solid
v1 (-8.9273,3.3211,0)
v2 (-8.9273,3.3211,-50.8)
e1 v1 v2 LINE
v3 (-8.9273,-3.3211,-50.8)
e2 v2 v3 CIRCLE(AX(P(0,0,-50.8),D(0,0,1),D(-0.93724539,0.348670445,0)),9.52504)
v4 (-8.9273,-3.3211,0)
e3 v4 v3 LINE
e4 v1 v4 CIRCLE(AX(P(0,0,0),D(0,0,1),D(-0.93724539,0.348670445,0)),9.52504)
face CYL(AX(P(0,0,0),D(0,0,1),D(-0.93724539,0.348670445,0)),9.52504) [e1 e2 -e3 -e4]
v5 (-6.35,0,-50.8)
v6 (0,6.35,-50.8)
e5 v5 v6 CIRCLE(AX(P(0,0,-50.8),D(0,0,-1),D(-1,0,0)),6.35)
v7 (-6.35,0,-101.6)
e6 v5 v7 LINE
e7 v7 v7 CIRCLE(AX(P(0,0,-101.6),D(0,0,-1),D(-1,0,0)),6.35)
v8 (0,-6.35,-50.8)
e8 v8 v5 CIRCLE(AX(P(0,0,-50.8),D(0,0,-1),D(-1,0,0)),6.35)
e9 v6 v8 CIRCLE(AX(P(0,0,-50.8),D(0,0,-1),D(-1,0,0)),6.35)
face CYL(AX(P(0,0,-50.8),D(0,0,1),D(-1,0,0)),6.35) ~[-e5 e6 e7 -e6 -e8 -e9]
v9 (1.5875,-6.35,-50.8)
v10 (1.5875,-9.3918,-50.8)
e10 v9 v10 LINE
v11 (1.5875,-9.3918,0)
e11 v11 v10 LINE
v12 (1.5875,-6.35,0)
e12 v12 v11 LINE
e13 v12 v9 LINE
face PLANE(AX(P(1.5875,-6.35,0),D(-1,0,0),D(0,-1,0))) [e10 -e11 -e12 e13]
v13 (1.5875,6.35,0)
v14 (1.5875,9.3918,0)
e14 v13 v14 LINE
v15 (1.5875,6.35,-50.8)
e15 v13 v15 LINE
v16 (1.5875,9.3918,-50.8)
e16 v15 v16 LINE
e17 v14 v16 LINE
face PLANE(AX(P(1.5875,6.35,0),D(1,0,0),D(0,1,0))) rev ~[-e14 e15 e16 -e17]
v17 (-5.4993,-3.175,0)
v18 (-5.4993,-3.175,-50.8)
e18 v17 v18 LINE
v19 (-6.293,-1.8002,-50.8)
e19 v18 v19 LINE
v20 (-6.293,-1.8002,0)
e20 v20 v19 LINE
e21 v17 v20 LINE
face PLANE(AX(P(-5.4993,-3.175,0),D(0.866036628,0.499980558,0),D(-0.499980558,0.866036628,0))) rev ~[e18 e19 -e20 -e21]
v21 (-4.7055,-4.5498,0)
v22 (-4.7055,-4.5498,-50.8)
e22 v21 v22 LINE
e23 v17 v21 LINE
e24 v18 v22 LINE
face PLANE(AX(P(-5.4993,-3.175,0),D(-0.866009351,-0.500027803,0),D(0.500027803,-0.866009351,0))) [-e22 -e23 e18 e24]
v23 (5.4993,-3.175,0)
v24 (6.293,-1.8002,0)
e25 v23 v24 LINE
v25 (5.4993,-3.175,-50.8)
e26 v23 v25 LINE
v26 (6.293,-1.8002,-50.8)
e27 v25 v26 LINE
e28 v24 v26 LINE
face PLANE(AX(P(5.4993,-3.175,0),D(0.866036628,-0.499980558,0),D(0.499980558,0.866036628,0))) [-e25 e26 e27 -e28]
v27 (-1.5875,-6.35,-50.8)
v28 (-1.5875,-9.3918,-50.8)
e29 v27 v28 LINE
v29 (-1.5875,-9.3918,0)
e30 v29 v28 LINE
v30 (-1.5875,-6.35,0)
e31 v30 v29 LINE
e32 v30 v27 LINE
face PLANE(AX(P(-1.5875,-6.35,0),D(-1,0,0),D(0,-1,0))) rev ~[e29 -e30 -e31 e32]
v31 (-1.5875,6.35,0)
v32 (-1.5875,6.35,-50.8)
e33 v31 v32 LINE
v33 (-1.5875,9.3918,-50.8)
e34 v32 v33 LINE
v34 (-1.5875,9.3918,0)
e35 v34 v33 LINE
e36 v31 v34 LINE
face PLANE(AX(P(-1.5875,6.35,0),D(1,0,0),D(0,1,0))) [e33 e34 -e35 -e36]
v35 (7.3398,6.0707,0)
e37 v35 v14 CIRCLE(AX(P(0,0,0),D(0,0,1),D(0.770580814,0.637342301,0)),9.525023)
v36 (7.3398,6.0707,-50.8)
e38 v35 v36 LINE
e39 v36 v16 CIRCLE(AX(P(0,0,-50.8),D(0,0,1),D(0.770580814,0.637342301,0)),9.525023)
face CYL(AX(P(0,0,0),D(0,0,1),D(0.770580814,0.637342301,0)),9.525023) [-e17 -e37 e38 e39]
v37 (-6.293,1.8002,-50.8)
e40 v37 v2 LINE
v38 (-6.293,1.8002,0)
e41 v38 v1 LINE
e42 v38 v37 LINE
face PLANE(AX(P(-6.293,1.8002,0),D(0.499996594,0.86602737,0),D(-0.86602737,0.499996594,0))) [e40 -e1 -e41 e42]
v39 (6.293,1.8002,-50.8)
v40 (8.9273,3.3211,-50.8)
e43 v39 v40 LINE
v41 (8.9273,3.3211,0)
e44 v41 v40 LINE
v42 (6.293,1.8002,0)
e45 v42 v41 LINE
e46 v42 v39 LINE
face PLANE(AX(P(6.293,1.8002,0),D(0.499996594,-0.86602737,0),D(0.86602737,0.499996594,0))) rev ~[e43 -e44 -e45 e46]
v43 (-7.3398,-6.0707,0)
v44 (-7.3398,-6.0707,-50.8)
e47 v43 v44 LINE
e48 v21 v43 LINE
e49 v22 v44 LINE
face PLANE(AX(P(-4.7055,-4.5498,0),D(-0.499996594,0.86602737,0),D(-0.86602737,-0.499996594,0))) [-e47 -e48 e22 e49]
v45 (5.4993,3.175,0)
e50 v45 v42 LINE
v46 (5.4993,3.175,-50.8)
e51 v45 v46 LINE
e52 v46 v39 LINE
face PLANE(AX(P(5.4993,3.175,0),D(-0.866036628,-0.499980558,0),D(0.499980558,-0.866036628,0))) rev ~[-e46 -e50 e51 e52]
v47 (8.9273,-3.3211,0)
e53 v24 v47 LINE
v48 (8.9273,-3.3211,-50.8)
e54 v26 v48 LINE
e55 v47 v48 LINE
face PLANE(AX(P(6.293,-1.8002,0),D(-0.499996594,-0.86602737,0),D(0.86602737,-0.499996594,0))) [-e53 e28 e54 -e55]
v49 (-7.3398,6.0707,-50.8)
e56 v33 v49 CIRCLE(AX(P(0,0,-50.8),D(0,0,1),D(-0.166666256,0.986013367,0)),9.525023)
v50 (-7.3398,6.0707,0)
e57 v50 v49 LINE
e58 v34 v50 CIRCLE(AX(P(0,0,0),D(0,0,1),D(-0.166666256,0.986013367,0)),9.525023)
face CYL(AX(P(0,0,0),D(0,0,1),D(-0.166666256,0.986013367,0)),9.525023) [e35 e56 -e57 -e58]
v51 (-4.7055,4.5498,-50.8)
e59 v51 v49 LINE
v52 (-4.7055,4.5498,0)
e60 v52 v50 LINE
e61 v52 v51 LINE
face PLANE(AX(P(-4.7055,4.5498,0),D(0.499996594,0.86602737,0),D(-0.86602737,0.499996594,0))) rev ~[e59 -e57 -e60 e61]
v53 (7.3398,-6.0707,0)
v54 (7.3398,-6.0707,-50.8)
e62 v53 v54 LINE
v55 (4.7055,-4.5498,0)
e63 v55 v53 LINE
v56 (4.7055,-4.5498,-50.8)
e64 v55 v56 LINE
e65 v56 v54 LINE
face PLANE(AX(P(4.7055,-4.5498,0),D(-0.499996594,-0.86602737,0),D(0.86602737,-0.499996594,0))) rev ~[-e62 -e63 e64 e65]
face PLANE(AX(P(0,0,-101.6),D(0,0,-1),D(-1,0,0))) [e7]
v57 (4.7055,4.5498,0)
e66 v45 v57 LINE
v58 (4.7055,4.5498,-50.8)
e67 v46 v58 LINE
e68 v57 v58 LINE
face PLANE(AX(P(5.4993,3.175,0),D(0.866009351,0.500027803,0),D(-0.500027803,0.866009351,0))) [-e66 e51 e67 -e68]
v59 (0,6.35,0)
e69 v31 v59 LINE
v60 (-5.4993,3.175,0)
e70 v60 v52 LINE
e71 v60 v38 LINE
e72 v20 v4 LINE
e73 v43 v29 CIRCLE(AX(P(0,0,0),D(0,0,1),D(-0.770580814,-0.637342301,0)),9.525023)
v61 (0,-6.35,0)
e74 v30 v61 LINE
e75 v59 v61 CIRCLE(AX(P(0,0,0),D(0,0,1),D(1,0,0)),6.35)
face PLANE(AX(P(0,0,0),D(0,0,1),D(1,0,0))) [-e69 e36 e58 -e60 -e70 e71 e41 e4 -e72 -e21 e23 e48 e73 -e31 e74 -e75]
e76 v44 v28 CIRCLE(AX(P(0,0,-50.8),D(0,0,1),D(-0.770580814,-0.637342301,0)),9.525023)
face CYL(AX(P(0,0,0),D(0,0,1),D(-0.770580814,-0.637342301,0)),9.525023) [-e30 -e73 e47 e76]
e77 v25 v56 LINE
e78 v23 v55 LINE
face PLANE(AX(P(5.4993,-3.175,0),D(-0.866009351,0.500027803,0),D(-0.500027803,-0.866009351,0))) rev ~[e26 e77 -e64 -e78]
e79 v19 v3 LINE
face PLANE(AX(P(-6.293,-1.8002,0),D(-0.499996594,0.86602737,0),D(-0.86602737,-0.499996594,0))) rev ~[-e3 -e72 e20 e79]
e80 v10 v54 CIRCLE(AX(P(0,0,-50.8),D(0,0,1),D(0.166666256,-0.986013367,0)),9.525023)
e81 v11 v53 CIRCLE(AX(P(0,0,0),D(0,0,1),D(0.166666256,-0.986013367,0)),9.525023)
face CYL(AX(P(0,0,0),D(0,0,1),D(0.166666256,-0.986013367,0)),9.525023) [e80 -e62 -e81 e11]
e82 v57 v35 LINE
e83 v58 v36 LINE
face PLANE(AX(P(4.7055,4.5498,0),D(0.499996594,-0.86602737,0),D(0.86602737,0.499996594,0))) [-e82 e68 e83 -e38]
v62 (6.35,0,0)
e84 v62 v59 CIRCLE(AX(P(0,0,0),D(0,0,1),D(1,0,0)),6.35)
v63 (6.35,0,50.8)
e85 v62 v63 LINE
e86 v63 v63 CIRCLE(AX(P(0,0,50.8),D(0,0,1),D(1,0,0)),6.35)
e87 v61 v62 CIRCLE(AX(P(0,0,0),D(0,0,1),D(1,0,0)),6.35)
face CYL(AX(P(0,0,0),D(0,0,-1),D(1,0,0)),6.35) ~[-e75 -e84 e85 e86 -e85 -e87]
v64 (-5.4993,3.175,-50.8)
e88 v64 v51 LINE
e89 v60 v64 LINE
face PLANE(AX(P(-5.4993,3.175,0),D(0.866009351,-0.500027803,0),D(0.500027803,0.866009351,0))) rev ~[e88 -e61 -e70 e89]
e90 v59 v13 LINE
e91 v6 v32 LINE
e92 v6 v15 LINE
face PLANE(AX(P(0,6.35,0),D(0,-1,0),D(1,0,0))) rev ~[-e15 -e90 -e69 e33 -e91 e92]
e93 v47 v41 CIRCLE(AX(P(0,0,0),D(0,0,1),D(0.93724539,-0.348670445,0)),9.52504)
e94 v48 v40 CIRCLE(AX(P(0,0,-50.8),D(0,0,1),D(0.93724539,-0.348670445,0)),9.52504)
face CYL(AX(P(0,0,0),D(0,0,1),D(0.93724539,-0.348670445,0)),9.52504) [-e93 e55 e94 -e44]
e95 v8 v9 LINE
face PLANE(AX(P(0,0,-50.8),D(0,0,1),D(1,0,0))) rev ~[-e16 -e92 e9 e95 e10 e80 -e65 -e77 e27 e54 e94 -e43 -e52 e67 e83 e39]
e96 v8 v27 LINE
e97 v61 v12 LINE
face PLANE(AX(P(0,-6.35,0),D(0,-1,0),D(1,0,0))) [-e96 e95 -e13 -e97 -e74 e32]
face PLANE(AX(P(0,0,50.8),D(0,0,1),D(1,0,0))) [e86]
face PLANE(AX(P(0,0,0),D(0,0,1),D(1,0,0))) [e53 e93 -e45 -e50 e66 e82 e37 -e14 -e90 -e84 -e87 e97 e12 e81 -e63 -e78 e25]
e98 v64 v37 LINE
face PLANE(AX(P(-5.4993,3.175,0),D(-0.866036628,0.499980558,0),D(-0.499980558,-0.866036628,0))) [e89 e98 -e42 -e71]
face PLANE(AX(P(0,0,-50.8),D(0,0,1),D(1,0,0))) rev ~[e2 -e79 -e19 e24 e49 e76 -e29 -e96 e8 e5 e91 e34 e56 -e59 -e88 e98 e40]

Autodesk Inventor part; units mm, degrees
ref_plane "YZ Plane" through (0, 0, 0) normal (1, 0, 0) x (0, 1, 0)
ref_plane "XZ Plane" through (0, 0, 0) normal (0, 1, 0) x (-1, 0, 0)
ref_plane "XY Plane" through (0, 0, 0) normal (0, 0, 1) x (1, 0, 0)
sketch "Sketch1" plane through (0, 0, 0) normal (0, 0, 1) x (1, 0, 0)
  line L0 (0, 0) -> (0, 9.525) construction
  line L1 (0, 6.35) -> (1.5875, 6.35)
  line L2 (1.5875, 6.35) -> (1.5875, 9.3918)
  line L3 (0, 6.35) -> (-1.5875, 6.35)
  line L4 (-1.5875, 6.35) -> (-1.5875, 9.3918)
  line L5 (-6.293, 1.8002) -> (-8.9273, 3.3211)
  line L6 (-5.4993, 3.175) -> (-6.293, 1.8002)
  line L7 (-5.4993, 3.175) -> (-4.7055, 4.5498)
  line L8 (-4.7055, 4.5498) -> (-7.3398, 6.0707)
  line L9 (-4.7055, -4.5498) -> (-7.3398, -6.0707)
  line L10 (-5.4993, -3.175) -> (-4.7055, -4.5498)
  line L11 (-5.4993, -3.175) -> (-6.293, -1.8002)
  line L12 (-6.293, -1.8002) -> (-8.9273, -3.3211)
  line L13 (1.5875, -6.35) -> (1.5875, -9.3918)
  line L14 (0, -6.35) -> (1.5875, -6.35)
  line L15 (0, -6.35) -> (-1.5875, -6.35)
  line L16 (-1.5875, -6.35) -> (-1.5875, -9.3918)
  line L17 (6.293, -1.8002) -> (8.9273, -3.3211)
  line L18 (5.4993, -3.175) -> (6.293, -1.8002)
  line L19 (5.4993, -3.175) -> (4.7055, -4.5498)
  line L20 (4.7055, -4.5498) -> (7.3398, -6.0707)
  line L21 (4.7055, 4.5498) -> (7.3398, 6.0707)
  line L22 (5.4993, 3.175) -> (4.7055, 4.5498)
  line L23 (5.4993, 3.175) -> (6.293, 1.8002)
  line L24 (6.293, 1.8002) -> (8.9273, 3.3211)
  arc A0 (-1.5875, 9.3918) -> (-7.3398, 6.0707) centre (0, 0) ccw
  arc A1 (-8.9273, 3.3211) -> (-8.9273, -3.3211) centre (0, 0) ccw
  arc A2 (-7.3398, -6.0707) -> (-1.5875, -9.3918) centre (0, 0) ccw
  arc A3 (1.5875, -9.3918) -> (7.3398, -6.0707) centre (0, 0) ccw
  arc A4 (8.9273, -3.3211) -> (8.9273, 3.3211) centre (0, 0) ccw
  arc A5 (7.3398, 6.0707) -> (1.5875, 9.3918) centre (0, 0) ccw
  dimension "splineDepth" = 3.175
  dimension "splineWidth" = 3.175
  dimension "d6" = 360
extrude "Extrusion1" add sketch "Sketch1" against normal blind 50.8
sketch "Sketch2" plane through (0, 0, -50.8) normal (0, 0, -1) x (-1, 0, 0)
  circle A0 centre (0, 0) radius 6.35
  dimension "innerDiameter" = 12.7
extrude "Extrusion2" add sketch "Sketch2" along normal blind 50.8
sketch "Sketch3" plane through (0, 0, 0) normal (0, 0, 1) x (1, 0, 0)
  circle A0 centre (0, 0) radius 6.35
  dimension "d13" = 12.7
extrude "Extrusion3" add sketch "Sketch3" along normal blind 50.8
equation "\"d13\" = innerDiameter"
properties part number "innerShaft" material "PET Plastic"
